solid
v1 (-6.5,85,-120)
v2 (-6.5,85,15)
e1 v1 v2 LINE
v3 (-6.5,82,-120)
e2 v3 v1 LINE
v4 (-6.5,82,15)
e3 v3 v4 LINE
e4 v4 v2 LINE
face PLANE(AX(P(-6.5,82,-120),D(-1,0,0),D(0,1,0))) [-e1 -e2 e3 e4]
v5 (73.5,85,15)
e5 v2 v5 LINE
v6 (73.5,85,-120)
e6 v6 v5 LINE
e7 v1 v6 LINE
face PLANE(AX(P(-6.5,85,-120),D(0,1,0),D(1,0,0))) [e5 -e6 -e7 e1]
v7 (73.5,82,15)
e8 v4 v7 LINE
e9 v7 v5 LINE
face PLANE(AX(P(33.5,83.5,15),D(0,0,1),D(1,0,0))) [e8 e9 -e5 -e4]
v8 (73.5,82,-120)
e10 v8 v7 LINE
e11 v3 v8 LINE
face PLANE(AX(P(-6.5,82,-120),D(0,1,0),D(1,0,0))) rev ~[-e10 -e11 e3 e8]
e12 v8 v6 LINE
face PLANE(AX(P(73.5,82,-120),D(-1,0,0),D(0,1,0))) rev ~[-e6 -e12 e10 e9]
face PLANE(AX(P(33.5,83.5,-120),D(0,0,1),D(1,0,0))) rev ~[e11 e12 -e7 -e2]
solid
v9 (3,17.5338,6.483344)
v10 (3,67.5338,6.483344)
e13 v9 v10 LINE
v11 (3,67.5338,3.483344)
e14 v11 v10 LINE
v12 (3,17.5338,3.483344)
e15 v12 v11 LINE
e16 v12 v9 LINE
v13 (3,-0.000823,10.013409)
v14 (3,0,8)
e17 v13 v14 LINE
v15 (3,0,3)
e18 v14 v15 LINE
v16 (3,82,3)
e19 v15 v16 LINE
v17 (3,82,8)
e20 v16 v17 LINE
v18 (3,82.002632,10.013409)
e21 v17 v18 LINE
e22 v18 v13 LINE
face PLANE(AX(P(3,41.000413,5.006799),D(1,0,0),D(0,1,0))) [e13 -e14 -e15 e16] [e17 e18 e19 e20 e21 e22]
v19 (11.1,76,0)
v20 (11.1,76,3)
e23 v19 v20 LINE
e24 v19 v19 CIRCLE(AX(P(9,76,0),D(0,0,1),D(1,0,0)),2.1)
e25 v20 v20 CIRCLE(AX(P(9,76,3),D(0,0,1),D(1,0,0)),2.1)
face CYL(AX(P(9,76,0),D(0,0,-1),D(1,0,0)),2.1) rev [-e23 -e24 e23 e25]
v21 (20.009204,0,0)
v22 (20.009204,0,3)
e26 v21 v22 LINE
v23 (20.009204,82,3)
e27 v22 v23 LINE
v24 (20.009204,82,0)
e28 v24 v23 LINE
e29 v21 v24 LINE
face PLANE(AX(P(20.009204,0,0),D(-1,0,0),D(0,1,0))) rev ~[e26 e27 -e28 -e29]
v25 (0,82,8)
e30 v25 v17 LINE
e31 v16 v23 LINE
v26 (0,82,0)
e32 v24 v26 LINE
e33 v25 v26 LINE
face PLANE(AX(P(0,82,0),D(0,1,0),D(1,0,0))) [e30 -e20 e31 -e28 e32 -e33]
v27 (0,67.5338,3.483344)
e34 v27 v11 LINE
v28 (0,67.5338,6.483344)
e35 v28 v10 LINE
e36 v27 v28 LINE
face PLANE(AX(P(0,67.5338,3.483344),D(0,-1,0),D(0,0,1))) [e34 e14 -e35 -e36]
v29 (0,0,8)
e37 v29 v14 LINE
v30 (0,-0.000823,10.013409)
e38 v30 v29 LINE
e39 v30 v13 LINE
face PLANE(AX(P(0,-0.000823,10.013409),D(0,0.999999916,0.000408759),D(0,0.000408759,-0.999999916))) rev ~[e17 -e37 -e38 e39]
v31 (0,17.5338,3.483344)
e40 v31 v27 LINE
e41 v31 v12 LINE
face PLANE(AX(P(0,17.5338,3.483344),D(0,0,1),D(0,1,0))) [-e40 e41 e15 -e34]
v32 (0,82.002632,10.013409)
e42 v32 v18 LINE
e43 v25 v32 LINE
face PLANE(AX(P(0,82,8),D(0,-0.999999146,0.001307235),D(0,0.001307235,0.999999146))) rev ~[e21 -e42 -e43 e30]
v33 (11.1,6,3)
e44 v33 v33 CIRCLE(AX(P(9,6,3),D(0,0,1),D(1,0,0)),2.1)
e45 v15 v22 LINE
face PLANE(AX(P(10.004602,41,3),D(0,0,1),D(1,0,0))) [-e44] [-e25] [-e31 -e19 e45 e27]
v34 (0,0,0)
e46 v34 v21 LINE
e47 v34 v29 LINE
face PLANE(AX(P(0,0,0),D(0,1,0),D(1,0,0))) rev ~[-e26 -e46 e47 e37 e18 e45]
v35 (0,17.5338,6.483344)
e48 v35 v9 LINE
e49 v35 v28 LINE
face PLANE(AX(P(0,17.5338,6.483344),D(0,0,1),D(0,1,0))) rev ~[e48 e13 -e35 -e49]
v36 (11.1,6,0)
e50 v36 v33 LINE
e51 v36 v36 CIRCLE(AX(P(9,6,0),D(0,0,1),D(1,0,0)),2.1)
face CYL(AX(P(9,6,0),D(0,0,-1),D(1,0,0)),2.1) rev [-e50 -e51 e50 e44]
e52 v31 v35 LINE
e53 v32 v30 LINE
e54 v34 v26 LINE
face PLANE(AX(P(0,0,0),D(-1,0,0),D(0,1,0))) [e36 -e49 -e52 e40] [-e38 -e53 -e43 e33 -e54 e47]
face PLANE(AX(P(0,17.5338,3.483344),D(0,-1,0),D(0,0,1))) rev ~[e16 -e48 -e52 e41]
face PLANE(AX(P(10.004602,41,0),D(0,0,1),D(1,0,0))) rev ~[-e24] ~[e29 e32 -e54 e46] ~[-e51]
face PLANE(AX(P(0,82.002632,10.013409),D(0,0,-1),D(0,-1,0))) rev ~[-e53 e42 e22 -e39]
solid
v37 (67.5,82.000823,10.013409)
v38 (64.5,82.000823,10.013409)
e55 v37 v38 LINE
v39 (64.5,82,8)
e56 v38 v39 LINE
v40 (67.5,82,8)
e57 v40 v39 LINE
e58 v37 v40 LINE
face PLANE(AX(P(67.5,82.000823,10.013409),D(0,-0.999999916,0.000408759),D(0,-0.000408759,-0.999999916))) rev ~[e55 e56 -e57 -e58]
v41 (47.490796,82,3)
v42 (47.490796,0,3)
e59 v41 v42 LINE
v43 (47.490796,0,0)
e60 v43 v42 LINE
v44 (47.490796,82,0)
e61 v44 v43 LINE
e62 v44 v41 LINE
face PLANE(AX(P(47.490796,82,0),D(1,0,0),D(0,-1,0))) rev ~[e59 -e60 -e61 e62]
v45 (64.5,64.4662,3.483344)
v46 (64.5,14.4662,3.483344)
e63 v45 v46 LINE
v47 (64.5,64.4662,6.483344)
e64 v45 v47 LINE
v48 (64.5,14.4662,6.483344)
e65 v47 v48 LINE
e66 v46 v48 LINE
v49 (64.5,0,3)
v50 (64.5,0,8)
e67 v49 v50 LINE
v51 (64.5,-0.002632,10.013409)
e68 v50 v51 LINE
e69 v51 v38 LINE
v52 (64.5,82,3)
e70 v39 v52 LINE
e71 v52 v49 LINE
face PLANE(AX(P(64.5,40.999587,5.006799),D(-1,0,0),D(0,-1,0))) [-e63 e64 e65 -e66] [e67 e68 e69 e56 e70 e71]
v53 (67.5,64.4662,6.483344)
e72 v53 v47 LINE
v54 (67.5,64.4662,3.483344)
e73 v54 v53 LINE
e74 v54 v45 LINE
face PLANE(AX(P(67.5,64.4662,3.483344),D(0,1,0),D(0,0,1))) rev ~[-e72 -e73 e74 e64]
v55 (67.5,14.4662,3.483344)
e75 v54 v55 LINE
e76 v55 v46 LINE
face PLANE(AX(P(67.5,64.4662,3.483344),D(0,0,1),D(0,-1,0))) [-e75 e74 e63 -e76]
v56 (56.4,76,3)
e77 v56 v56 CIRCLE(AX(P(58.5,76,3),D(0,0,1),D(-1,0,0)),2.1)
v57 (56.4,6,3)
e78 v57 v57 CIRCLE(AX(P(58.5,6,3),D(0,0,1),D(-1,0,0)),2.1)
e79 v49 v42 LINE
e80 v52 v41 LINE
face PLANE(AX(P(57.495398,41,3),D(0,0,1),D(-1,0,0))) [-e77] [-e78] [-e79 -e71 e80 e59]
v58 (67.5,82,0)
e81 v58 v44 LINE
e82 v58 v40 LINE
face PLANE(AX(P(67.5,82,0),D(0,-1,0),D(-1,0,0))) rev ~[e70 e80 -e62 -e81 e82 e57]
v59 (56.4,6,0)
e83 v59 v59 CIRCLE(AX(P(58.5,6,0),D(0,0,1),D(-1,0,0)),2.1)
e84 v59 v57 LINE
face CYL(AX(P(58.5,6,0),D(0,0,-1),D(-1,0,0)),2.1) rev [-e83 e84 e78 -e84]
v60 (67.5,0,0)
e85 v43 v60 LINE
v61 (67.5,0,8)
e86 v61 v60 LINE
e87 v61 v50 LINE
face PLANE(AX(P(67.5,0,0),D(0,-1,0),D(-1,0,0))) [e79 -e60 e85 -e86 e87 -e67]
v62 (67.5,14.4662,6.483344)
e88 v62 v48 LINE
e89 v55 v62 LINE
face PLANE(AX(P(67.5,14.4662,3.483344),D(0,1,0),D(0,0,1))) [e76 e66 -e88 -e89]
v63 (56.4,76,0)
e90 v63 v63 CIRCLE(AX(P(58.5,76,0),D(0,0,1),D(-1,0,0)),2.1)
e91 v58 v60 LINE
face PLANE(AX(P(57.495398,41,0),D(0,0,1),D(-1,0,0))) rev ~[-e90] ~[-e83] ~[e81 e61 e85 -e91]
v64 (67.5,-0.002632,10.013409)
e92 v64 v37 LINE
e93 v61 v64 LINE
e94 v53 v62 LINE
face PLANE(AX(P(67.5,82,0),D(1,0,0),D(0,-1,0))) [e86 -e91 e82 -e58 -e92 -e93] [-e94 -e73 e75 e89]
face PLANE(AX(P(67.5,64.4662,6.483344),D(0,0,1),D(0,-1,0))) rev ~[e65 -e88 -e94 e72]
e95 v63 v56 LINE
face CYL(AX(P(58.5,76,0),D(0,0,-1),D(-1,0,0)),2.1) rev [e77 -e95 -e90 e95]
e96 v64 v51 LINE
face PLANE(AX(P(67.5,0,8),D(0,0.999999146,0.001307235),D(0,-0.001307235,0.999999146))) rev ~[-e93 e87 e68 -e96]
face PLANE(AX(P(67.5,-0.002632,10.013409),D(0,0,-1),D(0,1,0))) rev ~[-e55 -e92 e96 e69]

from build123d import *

# Parameters (mm, degrees)
SKETCH001_W               = 50
SKETCH001_H               = 3
PAD001_DEPTH              = 3
SKETCH_W                  = 20.009204
SKETCH_H                  = 82
SKETCH_R                  = 2.1
PAD_DEPTH                 = 3
BOX_W                     = 80
BOX_H                     = 3
BOX_DEPTH                 = 135
FUSION001_PLACEMENT_ANGLE = 180


with BuildPart() as pad001:
    # Sketch001 → Pad001 (new body)
    with BuildSketch(Plane.YZ):
        Polygon((0, 0), (82, 0), (82, 8), (82.002632, 10.013409), (-0.000823, 10.013409), (0, 8), align=None)
        with Locations((42.5338, 4.983344)):
            Rectangle(SKETCH001_W, SKETCH001_H, mode=Mode.SUBTRACT)
    extrude(amount=PAD001_DEPTH)


with BuildPart() as pad:
    # Sketch → Pad (new body)
    with BuildSketch(Plane.XY):
        with Locations((10.004602, 41)):
            Rectangle(SKETCH_W, SKETCH_H)
        with Locations((9, 6)):
            Circle(SKETCH_R, mode=Mode.SUBTRACT)
        with Locations((9, 76)):
            Circle(SKETCH_R, mode=Mode.SUBTRACT)
    extrude(amount=PAD_DEPTH)


with BuildPart() as fusion:
    # Fusion base: copy of Pad
    add(pad.part)

    # Fusion: union Pad001
    add(pad001.part)


with BuildPart() as cube:
    # Box → Box (new body)
    with BuildSketch(Plane(origin=(-6.5, 82, -120), x_dir=(1, 0, 0), z_dir=(0, 0, 1))):
        with Locations((40, 1.5)):
            Rectangle(BOX_W, BOX_H)
    extrude(amount=BOX_DEPTH)


with BuildPart() as fusion001:
    # Fusion001 base: copy of Pad
    add(pad.part)

    # Fusion001: union Pad001
    add(pad001.part)


with BuildPart() as fusion001_1:
    # Fusion001 placement: moved
    add(fusion001.part.moved(Location((67.5, 82, 0))).rotate(Axis((67.5, 82, 0), (0, 0, 1)), FUSION001_PLACEMENT_ANGLE))


solid = Compound([fusion.part, cube.part, fusion001_1.part])
